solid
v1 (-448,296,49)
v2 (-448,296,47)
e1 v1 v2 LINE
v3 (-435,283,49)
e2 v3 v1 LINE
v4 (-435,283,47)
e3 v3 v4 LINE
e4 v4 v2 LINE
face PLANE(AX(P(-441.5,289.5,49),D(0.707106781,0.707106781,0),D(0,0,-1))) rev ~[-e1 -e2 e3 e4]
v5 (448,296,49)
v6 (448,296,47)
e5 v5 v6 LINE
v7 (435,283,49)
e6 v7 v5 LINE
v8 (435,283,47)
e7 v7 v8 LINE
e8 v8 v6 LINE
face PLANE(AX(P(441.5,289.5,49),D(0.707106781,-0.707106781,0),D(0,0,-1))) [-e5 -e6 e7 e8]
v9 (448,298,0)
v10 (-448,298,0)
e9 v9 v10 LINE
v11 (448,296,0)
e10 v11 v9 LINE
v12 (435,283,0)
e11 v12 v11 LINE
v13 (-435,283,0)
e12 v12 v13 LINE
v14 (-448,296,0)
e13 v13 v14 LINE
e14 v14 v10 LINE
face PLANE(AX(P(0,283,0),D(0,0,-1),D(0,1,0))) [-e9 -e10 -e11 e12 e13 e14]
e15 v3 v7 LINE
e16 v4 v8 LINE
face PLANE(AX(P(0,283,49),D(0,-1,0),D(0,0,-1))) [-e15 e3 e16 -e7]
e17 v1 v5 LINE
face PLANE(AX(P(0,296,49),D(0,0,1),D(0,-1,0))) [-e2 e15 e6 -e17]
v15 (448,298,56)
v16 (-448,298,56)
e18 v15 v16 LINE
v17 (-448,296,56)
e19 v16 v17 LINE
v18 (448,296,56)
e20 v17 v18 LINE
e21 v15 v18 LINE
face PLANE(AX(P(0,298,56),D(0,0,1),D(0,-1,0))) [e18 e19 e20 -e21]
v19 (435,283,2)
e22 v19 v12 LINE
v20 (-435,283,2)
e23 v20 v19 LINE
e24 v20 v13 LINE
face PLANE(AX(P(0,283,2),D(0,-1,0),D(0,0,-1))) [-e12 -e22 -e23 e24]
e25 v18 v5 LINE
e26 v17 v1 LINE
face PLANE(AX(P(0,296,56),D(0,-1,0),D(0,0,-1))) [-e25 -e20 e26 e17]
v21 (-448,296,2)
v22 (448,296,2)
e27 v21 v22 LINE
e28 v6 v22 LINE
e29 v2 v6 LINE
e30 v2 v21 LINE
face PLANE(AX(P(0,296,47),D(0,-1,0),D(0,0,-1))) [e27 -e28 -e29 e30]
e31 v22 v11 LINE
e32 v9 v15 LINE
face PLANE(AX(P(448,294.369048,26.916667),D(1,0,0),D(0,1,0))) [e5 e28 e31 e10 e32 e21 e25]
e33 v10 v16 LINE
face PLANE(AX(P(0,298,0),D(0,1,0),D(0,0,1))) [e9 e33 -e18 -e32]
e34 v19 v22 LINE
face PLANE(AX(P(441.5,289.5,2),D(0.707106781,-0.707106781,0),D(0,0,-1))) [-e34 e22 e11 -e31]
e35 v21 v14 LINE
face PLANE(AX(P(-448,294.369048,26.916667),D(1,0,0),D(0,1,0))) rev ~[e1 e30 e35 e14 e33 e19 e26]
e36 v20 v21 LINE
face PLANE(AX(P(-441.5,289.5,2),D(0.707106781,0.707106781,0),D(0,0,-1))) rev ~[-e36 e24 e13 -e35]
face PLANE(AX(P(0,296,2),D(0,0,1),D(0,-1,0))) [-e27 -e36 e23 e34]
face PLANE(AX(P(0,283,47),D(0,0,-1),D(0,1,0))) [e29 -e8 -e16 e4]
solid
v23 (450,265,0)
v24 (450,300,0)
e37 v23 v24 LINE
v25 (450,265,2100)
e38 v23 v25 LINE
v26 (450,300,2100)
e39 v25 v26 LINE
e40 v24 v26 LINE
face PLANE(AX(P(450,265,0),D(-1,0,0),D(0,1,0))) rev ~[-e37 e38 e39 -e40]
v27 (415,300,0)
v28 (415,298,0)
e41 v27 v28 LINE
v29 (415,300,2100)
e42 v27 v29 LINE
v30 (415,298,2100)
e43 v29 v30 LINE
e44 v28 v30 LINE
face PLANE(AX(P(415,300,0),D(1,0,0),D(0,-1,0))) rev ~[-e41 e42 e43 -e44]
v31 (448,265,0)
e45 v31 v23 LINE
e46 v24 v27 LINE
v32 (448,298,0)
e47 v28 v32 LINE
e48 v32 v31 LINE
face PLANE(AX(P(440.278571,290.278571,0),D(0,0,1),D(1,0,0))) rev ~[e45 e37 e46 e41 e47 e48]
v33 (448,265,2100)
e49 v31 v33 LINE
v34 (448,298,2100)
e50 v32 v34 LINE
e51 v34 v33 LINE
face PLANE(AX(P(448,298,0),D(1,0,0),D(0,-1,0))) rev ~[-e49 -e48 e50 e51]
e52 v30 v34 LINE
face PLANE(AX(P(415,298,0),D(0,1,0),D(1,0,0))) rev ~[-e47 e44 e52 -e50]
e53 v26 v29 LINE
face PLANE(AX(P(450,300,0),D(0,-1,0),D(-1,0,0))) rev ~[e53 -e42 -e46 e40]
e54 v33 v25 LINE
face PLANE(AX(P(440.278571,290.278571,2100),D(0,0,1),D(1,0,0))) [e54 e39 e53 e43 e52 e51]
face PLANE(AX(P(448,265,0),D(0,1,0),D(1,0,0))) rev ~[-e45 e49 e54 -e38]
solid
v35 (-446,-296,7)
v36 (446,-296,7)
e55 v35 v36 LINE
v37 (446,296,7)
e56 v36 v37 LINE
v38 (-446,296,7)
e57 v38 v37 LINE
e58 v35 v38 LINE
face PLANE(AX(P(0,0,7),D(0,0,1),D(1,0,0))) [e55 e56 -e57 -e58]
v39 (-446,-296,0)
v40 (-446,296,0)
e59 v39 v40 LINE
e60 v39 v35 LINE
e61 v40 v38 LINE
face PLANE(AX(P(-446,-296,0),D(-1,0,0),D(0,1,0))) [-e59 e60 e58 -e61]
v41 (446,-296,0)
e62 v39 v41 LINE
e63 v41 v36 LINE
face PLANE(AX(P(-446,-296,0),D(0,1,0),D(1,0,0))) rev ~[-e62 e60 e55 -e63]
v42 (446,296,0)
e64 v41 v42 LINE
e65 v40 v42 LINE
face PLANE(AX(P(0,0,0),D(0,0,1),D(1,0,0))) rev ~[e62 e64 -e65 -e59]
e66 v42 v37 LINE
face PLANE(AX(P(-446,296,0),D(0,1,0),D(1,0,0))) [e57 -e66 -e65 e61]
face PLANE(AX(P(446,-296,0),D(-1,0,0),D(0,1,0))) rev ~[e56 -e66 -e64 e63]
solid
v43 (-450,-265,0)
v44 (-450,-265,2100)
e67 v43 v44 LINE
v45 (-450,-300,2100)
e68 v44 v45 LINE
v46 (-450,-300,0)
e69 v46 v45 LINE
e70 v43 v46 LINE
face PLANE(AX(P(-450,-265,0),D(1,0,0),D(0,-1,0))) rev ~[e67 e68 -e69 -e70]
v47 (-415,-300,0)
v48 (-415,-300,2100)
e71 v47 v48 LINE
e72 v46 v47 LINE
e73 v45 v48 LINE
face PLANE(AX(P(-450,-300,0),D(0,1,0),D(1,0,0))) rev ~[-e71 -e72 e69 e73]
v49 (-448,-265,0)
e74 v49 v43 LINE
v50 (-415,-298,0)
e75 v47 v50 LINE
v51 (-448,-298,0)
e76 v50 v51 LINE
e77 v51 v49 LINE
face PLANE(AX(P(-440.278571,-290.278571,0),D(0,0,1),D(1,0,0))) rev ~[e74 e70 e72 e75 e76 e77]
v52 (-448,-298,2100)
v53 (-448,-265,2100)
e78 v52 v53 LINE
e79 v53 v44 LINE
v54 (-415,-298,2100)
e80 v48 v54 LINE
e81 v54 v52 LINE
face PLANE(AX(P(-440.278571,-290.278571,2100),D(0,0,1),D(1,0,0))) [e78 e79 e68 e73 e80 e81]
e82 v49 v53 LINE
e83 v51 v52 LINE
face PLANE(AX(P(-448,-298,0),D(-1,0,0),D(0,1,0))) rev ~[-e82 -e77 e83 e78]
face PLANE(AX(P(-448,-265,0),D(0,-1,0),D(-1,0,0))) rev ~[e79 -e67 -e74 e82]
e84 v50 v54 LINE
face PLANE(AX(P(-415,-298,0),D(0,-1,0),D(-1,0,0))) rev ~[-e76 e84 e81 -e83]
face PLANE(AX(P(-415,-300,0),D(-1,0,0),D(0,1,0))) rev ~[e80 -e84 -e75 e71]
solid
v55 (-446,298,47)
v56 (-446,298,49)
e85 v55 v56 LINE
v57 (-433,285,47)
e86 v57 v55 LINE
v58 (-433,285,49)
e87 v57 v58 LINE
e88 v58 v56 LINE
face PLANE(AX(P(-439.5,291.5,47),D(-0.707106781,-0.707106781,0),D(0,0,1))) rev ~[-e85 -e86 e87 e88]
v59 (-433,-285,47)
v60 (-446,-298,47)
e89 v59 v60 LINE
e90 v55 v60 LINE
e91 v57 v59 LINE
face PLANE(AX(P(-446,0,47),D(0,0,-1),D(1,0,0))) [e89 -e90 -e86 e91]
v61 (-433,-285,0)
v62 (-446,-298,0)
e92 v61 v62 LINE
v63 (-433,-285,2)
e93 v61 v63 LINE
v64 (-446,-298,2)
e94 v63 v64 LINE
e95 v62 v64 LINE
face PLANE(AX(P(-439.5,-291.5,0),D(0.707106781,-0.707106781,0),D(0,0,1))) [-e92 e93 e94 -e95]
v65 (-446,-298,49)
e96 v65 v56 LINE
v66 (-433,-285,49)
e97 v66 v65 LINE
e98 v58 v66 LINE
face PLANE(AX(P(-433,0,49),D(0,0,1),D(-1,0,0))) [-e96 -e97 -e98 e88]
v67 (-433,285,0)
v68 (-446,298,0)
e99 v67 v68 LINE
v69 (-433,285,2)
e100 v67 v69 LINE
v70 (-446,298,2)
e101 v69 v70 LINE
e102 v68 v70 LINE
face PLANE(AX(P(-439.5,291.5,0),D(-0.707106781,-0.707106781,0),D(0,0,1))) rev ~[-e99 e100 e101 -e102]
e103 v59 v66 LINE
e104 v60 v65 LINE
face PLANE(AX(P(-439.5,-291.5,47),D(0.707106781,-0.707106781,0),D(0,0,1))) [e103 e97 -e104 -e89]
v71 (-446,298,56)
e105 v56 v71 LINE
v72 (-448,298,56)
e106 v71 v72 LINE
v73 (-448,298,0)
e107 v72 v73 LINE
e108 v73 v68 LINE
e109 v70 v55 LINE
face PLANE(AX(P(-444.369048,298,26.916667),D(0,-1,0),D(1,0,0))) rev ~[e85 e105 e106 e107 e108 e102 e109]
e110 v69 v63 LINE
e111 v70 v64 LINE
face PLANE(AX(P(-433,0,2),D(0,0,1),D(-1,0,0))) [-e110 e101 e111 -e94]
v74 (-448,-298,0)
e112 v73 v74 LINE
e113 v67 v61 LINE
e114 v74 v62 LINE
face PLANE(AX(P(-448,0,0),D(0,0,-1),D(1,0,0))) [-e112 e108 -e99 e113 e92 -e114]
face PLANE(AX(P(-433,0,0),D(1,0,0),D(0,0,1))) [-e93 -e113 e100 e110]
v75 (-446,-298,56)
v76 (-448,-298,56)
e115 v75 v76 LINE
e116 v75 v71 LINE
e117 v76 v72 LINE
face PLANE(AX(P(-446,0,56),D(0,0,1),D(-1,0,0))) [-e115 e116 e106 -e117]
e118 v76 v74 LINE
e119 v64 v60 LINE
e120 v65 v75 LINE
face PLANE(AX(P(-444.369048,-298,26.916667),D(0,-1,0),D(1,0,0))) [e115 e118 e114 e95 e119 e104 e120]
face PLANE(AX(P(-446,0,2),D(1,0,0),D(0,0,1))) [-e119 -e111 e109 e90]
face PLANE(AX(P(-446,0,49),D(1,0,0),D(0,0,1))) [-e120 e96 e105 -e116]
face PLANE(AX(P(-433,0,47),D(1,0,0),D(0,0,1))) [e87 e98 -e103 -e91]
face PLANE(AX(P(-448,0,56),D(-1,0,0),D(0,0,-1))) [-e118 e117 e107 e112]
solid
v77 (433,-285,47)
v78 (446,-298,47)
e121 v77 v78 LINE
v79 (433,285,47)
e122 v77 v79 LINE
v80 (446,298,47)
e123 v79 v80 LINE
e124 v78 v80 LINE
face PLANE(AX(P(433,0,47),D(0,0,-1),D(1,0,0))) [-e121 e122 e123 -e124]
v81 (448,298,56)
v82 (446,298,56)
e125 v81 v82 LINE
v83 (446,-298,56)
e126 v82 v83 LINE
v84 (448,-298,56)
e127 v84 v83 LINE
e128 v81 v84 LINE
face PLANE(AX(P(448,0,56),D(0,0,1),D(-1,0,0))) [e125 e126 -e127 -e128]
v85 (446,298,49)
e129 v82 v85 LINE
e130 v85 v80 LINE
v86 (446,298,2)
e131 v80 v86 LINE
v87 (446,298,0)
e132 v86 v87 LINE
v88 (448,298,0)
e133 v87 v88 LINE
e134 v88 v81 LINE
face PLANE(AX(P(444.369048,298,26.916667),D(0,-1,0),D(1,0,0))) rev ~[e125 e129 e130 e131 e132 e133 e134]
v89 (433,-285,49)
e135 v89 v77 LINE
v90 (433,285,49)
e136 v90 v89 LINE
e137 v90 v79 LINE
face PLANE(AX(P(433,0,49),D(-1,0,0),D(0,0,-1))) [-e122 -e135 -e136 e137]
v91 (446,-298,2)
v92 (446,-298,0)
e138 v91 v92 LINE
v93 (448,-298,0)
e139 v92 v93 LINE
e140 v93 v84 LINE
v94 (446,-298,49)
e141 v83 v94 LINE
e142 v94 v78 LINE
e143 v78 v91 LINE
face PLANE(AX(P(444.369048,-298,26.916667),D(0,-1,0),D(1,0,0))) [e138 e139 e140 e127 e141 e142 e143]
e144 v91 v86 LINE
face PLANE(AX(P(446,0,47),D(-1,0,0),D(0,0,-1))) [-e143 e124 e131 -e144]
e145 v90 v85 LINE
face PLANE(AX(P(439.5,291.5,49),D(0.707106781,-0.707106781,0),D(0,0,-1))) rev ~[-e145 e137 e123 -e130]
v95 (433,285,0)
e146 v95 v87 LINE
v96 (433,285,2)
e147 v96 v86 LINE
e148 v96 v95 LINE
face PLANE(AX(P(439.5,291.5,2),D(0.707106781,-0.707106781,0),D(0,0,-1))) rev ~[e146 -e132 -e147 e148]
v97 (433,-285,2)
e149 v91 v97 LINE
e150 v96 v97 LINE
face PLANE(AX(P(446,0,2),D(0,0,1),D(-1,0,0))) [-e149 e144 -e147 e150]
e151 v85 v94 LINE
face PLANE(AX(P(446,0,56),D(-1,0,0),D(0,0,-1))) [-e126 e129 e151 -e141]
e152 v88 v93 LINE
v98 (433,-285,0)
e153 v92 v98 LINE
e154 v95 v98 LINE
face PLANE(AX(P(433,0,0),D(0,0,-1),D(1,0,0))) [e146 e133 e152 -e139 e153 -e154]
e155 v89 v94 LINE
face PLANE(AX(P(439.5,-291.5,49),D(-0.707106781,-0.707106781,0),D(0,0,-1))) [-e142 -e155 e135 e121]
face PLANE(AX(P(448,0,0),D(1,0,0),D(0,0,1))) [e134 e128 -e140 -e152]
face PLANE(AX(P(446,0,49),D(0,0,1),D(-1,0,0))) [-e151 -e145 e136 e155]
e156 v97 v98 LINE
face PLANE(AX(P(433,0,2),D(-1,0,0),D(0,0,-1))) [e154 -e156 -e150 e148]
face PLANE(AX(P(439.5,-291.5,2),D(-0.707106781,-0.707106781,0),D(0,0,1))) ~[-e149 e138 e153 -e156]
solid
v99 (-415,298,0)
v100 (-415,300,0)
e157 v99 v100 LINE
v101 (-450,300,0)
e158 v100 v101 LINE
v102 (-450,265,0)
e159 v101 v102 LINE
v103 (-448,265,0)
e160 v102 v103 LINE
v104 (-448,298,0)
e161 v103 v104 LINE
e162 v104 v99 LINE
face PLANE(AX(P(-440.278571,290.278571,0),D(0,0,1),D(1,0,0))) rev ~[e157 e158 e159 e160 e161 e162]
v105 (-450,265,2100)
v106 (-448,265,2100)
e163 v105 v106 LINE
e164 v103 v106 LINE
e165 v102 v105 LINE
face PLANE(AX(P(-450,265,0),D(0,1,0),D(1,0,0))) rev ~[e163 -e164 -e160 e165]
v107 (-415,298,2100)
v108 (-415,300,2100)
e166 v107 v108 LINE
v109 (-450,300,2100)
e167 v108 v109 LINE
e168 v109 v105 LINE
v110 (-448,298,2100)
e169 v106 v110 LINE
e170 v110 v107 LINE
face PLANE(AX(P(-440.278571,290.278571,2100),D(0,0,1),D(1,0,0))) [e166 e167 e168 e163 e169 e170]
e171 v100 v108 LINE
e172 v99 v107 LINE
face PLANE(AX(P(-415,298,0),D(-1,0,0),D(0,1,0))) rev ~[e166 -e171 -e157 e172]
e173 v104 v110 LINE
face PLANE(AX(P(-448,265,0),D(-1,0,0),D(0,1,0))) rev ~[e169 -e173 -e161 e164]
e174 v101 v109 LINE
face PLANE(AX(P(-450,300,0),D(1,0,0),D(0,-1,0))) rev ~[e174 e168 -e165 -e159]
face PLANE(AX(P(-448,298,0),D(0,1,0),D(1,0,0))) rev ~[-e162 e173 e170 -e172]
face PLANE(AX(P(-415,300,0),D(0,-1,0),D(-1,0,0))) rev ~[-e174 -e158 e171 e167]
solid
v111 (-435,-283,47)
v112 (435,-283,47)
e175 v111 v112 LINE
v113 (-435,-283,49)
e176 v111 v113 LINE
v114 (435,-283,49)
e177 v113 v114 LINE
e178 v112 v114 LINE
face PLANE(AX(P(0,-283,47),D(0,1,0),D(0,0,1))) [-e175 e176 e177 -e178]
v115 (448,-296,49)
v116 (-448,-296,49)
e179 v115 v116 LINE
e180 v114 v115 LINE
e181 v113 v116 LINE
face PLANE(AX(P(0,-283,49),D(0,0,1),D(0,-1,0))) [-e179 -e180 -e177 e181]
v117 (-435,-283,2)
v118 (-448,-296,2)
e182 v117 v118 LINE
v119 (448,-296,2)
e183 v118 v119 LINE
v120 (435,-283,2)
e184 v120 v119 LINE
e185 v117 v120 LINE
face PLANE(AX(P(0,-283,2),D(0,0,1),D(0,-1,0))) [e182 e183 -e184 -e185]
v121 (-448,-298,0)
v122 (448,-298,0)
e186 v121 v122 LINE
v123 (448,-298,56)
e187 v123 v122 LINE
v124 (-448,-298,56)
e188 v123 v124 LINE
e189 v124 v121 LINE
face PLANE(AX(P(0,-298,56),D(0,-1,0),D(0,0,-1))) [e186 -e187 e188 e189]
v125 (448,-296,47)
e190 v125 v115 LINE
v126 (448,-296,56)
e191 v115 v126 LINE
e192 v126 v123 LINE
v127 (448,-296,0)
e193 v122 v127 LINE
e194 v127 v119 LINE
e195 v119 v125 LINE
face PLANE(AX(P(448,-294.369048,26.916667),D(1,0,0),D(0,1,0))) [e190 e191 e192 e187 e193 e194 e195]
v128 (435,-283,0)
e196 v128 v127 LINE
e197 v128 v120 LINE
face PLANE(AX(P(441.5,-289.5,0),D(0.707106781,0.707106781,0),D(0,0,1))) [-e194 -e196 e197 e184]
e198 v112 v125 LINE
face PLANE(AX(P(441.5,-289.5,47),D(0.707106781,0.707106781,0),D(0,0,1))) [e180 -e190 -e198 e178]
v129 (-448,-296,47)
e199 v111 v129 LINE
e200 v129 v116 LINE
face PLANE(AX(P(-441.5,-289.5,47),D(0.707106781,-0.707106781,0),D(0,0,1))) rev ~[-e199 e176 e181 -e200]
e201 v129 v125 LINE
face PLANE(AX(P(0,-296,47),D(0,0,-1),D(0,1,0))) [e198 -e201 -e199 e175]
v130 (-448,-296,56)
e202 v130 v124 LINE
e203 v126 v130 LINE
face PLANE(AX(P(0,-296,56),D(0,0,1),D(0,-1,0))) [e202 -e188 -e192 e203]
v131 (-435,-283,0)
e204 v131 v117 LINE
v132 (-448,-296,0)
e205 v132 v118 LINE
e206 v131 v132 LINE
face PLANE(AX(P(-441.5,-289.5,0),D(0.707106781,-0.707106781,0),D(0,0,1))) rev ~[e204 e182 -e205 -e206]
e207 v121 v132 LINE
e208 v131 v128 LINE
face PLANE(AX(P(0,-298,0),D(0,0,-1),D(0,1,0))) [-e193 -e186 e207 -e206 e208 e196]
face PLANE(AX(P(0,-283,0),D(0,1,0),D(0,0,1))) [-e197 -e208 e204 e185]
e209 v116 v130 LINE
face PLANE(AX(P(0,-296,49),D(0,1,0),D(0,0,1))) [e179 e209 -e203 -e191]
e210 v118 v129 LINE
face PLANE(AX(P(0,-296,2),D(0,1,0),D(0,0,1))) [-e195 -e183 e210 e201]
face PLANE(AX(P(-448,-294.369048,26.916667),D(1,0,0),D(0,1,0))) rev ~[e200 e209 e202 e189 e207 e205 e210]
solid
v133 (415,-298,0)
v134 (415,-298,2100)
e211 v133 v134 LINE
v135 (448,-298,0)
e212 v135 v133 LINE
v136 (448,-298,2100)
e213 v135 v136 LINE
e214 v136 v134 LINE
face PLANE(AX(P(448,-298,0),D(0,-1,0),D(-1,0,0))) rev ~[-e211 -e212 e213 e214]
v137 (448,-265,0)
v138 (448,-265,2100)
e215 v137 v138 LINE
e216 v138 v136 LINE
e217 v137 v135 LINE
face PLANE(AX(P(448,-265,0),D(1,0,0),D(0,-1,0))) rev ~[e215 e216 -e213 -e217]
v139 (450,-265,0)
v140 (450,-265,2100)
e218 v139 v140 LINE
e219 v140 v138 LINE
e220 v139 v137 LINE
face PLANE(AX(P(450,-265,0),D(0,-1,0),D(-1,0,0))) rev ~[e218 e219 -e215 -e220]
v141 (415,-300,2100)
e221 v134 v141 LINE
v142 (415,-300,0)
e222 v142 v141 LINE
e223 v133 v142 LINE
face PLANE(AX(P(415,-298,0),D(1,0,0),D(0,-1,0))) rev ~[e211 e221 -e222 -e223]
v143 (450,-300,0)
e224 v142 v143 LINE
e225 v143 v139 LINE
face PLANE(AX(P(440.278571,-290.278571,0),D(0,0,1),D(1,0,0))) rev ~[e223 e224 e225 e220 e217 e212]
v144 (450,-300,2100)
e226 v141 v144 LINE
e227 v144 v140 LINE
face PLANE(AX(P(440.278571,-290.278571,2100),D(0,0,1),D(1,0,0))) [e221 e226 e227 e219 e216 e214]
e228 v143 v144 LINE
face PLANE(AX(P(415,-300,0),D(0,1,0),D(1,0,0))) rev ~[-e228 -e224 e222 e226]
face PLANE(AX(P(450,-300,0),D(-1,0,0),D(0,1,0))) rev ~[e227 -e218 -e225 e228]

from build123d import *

# Parameters (mm, degrees)
F1_W       = 892
F1_H       = 592
F2_DEPTH   = 7
F3_DEPTH   = 2100
F5_DEPTH   = 448
F6_SIZE2   = 13
F6_SIZE    = 13
F6_2_SIZE2 = 13
F6_2_SIZE  = 13
F8_DEPTH   = 298
F9_SIZE2   = 13
F9_SIZE    = 13
F9_2_SIZE2 = 13
F9_2_SIZE  = 13


with BuildPart() as f2:
    # F1 (on Top) → F2 (new body)
    with BuildSketch(Plane.XY):
        Rectangle(F1_W, F1_H)
    extrude(amount=F2_DEPTH)


with BuildPart() as f3:
    # F0 (on Top) → F3 (new body)
    with BuildSketch(Plane.XY):
        Polygon((-450, -265), (-450, -300), (-415, -300), (-415, -298), (-448, -298), (-448, -265), align=None)
    extrude(amount=F3_DEPTH)


with BuildPart() as f3b:
    # F0 (on Top) → F3, piece 2 (new body)
    with BuildSketch(Plane.XY):
        Polygon((450, -300), (450, -265), (448, -265), (448, -298), (415, -298), (415, -300), align=None)
    extrude(amount=F3_DEPTH)


with BuildPart() as f3c:
    # F0 (on Top) → F3, piece 3 (new body)
    with BuildSketch(Plane.XY):
        Polygon((448, 265), (450, 265), (450, 300), (415, 300), (415, 298), (448, 298), align=None)
    extrude(amount=F3_DEPTH)


with BuildPart() as f3d:
    # F0 (on Top) → F3, piece 4 (new body)
    with BuildSketch(Plane.XY):
        Polygon((-448, 298), (-415, 298), (-415, 300), (-450, 300), (-450, 265), (-448, 265), align=None)
    extrude(amount=F3_DEPTH)


with BuildPart() as f5:
    # F4 (on Right) → F5 (new body, symmetric)
    with BuildSketch(Plane.YZ):
        Polygon((-298, 56), (-298, 0), (-283, 0), (-283, 2), (-296, 2), (-296, 47), (-283, 47), (-283, 49), (-296, 49), (-296, 56), align=None)
    extrude(amount=F5_DEPTH, both=True)

    # F6#2
    f6_2_edges = [f5.edges().sort_by_distance(p)[0] for p in [
        (448, -283, 48),
        (448, -283, 1),
        (-448, -283, 48),
        (-448, -283, 1),
    ]]
    chamfer(f6_2_edges, length=F6_2_SIZE, length2=F6_2_SIZE2)


with BuildPart() as f5b:
    # F4 (on Right) → F5, piece 2 (new body, symmetric)
    with BuildSketch(Plane.YZ):
        Polygon((298, 56), (296, 56), (296, 49), (283, 49), (283, 47), (296, 47), (296, 2), (283, 2), (283, 0), (298, 0), align=None)
    extrude(amount=F5_DEPTH, both=True)

    # F6
    f6_edges = [f5b.edges().sort_by_distance(p)[0] for p in [
        (-448, 283, 48),
        (-448, 283, 1),
        (448, 283, 48),
        (448, 283, 1),
    ]]
    chamfer(f6_edges, length=F6_SIZE, length2=F6_SIZE2)


with BuildPart() as f8:
    # F7 (on Front) → F8 (new body, symmetric)
    with BuildSketch(Plane.XZ):
        Polygon((-448, 56), (-448, 0), (-433, 0), (-433, 2), (-446, 2), (-446, 47), (-433, 47), (-433, 49), (-446, 49), (-446, 56), align=None)
    extrude(amount=F8_DEPTH, both=True)

    # F9#2
    f9_2_edges = [f8.edges().sort_by_distance(p)[0] for p in [
        (-433, -298, 48),
        (-433, -298, 1),
        (-433, 298, 48),
        (-433, 298, 1),
    ]]
    chamfer(f9_2_edges, length=F9_2_SIZE, length2=F9_2_SIZE2)


with BuildPart() as f8b:
    # F7 (on Front) → F8, piece 2 (new body, symmetric)
    with BuildSketch(Plane.XZ):
        Polygon((446, 2), (433, 2), (433, 0), (448, 0), (448, 56), (446, 56), (446, 49), (433, 49), (433, 47), (446, 47), align=None)
    extrude(amount=F8_DEPTH, both=True)

    # F9
    f9_edges = [f8b.edges().sort_by_distance(p)[0] for p in [
        (433, 298, 48),
        (433, 298, 1),
        (433, -298, 1),
        (433, -298, 48),
    ]]
    chamfer(f9_edges, length=F9_SIZE, length2=F9_SIZE2)


solid = Compound([f2.part, f3.part, f3b.part, f3c.part, f3d.part, f5.part, f5b.part, f8.part, f8b.part])
